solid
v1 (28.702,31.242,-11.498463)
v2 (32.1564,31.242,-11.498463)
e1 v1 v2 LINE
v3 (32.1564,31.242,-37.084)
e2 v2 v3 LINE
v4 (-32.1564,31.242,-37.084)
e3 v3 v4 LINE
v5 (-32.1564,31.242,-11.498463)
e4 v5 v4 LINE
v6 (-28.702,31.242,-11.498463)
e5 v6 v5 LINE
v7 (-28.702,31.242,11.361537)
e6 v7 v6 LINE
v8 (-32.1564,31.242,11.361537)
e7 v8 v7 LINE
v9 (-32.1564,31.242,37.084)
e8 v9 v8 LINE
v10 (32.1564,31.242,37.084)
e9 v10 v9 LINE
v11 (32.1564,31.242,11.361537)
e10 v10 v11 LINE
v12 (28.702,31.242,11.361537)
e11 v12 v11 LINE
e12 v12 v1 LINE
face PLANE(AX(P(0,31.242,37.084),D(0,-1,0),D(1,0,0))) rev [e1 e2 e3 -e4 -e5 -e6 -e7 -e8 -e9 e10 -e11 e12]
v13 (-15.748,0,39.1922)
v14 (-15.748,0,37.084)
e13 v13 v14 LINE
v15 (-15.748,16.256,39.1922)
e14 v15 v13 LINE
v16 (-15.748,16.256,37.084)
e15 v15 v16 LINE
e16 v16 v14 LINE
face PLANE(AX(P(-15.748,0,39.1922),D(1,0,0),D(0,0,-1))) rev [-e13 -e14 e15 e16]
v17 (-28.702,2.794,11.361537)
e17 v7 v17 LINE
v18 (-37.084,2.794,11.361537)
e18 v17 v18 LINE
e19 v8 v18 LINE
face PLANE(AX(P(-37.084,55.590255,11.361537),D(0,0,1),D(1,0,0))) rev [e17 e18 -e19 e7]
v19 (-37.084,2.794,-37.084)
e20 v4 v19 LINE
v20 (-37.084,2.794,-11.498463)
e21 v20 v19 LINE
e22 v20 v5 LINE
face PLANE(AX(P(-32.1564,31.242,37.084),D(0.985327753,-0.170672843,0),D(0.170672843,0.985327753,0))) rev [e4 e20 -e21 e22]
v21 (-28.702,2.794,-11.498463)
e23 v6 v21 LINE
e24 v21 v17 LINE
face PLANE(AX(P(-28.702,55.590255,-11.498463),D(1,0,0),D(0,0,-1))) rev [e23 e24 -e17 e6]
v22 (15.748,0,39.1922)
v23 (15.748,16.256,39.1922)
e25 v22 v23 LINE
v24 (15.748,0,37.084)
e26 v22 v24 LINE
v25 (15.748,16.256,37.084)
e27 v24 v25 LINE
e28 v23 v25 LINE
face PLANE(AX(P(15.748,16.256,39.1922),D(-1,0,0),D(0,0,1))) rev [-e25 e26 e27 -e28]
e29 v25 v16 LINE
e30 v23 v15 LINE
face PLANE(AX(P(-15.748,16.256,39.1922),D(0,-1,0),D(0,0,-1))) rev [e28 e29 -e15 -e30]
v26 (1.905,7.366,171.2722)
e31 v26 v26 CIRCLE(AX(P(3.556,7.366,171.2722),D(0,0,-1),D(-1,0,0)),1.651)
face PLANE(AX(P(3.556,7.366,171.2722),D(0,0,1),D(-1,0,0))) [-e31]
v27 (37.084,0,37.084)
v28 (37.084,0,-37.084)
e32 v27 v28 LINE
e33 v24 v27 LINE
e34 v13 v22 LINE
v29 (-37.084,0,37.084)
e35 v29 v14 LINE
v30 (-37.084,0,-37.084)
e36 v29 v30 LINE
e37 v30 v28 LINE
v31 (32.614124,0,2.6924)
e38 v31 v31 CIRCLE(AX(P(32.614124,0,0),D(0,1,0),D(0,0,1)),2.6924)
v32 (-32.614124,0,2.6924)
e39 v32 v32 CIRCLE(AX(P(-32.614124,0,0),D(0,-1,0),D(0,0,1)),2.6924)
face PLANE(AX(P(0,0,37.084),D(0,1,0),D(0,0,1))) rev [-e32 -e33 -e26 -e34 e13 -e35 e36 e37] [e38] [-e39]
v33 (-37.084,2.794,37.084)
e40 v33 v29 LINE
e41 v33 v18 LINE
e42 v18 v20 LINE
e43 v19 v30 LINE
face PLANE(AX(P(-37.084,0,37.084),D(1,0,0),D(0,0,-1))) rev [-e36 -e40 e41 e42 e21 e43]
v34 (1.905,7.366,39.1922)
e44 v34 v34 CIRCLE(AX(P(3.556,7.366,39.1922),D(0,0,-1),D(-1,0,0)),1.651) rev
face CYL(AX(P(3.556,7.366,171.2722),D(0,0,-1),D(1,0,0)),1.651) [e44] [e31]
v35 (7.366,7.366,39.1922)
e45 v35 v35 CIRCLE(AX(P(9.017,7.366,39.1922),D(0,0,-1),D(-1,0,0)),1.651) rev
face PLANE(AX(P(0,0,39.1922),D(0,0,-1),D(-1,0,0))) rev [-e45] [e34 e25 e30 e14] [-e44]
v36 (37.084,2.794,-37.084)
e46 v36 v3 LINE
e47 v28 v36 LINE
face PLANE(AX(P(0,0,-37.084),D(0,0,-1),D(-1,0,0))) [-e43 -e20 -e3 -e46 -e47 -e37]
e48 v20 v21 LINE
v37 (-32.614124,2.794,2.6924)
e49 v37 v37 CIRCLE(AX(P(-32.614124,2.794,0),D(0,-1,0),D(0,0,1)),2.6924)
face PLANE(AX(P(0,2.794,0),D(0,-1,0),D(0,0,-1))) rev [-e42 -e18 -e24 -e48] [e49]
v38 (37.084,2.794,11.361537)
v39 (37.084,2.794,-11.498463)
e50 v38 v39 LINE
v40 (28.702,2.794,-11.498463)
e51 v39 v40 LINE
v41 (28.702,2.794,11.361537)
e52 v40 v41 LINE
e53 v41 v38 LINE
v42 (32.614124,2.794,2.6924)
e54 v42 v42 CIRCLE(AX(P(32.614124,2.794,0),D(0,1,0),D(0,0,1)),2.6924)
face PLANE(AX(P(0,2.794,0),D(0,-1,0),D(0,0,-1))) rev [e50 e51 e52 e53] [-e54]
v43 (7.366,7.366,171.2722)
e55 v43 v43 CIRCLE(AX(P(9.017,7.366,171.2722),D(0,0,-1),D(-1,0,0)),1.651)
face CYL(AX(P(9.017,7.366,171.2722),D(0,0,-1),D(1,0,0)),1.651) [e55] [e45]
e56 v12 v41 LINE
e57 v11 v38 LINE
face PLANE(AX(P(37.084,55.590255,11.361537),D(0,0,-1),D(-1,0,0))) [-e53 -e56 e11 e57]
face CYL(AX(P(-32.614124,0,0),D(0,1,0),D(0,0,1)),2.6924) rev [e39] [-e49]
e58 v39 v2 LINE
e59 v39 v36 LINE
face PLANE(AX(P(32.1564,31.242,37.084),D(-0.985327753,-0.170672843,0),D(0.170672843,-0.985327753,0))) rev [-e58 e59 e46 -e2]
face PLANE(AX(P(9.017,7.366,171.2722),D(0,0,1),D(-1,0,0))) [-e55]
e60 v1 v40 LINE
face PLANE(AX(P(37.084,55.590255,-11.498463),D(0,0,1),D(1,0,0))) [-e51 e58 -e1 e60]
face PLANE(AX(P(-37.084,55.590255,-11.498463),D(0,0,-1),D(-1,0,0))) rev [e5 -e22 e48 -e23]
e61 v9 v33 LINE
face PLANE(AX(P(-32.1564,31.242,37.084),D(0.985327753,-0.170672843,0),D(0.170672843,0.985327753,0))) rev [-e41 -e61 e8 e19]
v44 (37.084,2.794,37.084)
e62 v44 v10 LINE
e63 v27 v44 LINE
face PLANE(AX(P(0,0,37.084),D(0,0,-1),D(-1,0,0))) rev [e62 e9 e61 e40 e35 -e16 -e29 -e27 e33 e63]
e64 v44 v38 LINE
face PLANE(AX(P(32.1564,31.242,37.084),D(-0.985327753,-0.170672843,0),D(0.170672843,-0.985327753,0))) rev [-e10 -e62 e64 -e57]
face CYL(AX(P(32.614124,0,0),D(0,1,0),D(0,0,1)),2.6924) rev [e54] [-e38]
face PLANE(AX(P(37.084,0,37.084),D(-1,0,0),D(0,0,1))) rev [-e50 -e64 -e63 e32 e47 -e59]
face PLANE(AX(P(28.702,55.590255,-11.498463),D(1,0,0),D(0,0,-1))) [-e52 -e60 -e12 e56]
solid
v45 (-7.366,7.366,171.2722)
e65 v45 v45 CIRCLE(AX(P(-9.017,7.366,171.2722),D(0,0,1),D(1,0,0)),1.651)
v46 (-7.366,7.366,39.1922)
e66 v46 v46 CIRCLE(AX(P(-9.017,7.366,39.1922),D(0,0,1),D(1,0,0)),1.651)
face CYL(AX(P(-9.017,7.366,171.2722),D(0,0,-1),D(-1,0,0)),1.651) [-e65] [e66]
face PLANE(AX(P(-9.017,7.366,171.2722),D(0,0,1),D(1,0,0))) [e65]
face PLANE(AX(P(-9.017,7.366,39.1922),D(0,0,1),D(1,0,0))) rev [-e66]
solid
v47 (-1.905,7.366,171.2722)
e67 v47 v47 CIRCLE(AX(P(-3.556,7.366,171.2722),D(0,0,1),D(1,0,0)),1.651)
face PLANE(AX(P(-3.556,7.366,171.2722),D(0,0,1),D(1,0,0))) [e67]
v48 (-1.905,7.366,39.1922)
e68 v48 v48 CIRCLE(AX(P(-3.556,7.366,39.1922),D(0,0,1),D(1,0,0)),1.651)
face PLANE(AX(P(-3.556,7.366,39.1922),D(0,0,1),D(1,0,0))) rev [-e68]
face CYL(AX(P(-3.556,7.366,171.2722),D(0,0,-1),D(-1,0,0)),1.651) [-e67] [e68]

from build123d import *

# Parameters (mm, degrees)
BOSS_EXTRUDE1_DEPTH   = 37.084
CUT_EXTRUDE1_START    = 2.794
SKETCH2_W             = 8.382
SKETCH2_H             = 22.86
CUT_EXTRUDE1_DEPTH    = 28.448
SKETCH4_R             = 2.6924
CUT_EXTRUDE2_DEPTH    = 60.663513272
BOSS_EXTRUDE2_DEPTH   = 2.1082
SKETCH6_R             = 1.651
BOSS_EXTRUDE3_DEPTH   = 132.08
BOSS_EXTRUDE3_2_DEPTH = 132.08


with BuildPart() as part:
    # Sketch1 → Boss-Extrude1 (new, symmetric)
    with BuildSketch(Plane.XY):
        Polygon((0, 0), (37.084, 0), (37.084, 2.794), (32.1564, 31.242), (0, 31.242), (-32.1564, 31.242), (-37.084, 2.794), (-37.084, 0), align=None)
    extrude(amount=BOSS_EXTRUDE1_DEPTH, both=True)

    # Sketch2 → Cut-Extrude1 (cut)
    with BuildSketch(Plane(origin=(0, 0, 0), x_dir=(1, 0, 0), z_dir=(0, 1, 0)).offset(CUT_EXTRUDE1_START)):
        with Locations((32.893, 0.068462688)):
            Rectangle(SKETCH2_W, SKETCH2_H)
    cut_extrude1 = extrude(amount=CUT_EXTRUDE1_DEPTH, mode=Mode.SUBTRACT)

    # Sketch4 → Cut-Extrude2 (cut, through all)
    with BuildSketch(Plane(origin=(0, 2.794, 0), x_dir=(1, 0, 0), z_dir=(0, 1, 0))):
        with Locations(Location((32.614124272, 0, 0), (0, 0, 270))):
            Circle(SKETCH4_R)
    cut_extrude2 = extrude(amount=-CUT_EXTRUDE2_DEPTH, mode=Mode.SUBTRACT)

    # Mirror1: Cut-Extrude2 across plane
    add(cut_extrude2.mirror(Plane(origin=(0, 0, 0), x_dir=(0, 0, 1), z_dir=(1, 0, 0))), mode=Mode.SUBTRACT)

    # Mirror2: Cut-Extrude1 across plane
    add(cut_extrude1.mirror(Plane(origin=(0, 0, 0), x_dir=(0, 0, 1), z_dir=(1, 0, 0))), mode=Mode.SUBTRACT)

    # Sketch5 → Boss-Extrude2 (add)
    with BuildSketch(Plane.XY.offset(37.084)):
        Polygon((0, 0), (15.748, 0), (15.748, 16.256), (-15.748, 16.256), (-15.748, 0), align=None)
    extrude(amount=BOSS_EXTRUDE2_DEPTH)


with BuildPart() as body_2:
    # Sketch6 → Boss-Extrude3 (new body)
    with BuildSketch(Plane.XY.offset(39.1922)):
        with Locations((-3.556, 7.366)):
            Circle(SKETCH6_R)
    boss_extrude3 = extrude(amount=BOSS_EXTRUDE3_DEPTH)


with BuildPart() as body_3:
    # Sketch6 → Boss-Extrude3 2 (new body)
    with BuildSketch(Plane.XY.offset(39.1922)):
        with Locations((-9.017, 7.366)):
            Circle(SKETCH6_R)
    boss_extrude3_2 = extrude(amount=BOSS_EXTRUDE3_2_DEPTH)


with BuildPart() as part_1:
    add(part.part)

    # Mirror5: Boss-Extrude3, Boss-Extrude3 2 across plane
    add(boss_extrude3.mirror(Plane(origin=(0, 0, 0), x_dir=(0, 0, 1), z_dir=(1, 0, 0))))
    add(boss_extrude3_2.mirror(Plane(origin=(0, 0, 0), x_dir=(0, 0, 1), z_dir=(1, 0, 0))))


solid = Compound([body_2.part, body_3.part, part_1.part])
